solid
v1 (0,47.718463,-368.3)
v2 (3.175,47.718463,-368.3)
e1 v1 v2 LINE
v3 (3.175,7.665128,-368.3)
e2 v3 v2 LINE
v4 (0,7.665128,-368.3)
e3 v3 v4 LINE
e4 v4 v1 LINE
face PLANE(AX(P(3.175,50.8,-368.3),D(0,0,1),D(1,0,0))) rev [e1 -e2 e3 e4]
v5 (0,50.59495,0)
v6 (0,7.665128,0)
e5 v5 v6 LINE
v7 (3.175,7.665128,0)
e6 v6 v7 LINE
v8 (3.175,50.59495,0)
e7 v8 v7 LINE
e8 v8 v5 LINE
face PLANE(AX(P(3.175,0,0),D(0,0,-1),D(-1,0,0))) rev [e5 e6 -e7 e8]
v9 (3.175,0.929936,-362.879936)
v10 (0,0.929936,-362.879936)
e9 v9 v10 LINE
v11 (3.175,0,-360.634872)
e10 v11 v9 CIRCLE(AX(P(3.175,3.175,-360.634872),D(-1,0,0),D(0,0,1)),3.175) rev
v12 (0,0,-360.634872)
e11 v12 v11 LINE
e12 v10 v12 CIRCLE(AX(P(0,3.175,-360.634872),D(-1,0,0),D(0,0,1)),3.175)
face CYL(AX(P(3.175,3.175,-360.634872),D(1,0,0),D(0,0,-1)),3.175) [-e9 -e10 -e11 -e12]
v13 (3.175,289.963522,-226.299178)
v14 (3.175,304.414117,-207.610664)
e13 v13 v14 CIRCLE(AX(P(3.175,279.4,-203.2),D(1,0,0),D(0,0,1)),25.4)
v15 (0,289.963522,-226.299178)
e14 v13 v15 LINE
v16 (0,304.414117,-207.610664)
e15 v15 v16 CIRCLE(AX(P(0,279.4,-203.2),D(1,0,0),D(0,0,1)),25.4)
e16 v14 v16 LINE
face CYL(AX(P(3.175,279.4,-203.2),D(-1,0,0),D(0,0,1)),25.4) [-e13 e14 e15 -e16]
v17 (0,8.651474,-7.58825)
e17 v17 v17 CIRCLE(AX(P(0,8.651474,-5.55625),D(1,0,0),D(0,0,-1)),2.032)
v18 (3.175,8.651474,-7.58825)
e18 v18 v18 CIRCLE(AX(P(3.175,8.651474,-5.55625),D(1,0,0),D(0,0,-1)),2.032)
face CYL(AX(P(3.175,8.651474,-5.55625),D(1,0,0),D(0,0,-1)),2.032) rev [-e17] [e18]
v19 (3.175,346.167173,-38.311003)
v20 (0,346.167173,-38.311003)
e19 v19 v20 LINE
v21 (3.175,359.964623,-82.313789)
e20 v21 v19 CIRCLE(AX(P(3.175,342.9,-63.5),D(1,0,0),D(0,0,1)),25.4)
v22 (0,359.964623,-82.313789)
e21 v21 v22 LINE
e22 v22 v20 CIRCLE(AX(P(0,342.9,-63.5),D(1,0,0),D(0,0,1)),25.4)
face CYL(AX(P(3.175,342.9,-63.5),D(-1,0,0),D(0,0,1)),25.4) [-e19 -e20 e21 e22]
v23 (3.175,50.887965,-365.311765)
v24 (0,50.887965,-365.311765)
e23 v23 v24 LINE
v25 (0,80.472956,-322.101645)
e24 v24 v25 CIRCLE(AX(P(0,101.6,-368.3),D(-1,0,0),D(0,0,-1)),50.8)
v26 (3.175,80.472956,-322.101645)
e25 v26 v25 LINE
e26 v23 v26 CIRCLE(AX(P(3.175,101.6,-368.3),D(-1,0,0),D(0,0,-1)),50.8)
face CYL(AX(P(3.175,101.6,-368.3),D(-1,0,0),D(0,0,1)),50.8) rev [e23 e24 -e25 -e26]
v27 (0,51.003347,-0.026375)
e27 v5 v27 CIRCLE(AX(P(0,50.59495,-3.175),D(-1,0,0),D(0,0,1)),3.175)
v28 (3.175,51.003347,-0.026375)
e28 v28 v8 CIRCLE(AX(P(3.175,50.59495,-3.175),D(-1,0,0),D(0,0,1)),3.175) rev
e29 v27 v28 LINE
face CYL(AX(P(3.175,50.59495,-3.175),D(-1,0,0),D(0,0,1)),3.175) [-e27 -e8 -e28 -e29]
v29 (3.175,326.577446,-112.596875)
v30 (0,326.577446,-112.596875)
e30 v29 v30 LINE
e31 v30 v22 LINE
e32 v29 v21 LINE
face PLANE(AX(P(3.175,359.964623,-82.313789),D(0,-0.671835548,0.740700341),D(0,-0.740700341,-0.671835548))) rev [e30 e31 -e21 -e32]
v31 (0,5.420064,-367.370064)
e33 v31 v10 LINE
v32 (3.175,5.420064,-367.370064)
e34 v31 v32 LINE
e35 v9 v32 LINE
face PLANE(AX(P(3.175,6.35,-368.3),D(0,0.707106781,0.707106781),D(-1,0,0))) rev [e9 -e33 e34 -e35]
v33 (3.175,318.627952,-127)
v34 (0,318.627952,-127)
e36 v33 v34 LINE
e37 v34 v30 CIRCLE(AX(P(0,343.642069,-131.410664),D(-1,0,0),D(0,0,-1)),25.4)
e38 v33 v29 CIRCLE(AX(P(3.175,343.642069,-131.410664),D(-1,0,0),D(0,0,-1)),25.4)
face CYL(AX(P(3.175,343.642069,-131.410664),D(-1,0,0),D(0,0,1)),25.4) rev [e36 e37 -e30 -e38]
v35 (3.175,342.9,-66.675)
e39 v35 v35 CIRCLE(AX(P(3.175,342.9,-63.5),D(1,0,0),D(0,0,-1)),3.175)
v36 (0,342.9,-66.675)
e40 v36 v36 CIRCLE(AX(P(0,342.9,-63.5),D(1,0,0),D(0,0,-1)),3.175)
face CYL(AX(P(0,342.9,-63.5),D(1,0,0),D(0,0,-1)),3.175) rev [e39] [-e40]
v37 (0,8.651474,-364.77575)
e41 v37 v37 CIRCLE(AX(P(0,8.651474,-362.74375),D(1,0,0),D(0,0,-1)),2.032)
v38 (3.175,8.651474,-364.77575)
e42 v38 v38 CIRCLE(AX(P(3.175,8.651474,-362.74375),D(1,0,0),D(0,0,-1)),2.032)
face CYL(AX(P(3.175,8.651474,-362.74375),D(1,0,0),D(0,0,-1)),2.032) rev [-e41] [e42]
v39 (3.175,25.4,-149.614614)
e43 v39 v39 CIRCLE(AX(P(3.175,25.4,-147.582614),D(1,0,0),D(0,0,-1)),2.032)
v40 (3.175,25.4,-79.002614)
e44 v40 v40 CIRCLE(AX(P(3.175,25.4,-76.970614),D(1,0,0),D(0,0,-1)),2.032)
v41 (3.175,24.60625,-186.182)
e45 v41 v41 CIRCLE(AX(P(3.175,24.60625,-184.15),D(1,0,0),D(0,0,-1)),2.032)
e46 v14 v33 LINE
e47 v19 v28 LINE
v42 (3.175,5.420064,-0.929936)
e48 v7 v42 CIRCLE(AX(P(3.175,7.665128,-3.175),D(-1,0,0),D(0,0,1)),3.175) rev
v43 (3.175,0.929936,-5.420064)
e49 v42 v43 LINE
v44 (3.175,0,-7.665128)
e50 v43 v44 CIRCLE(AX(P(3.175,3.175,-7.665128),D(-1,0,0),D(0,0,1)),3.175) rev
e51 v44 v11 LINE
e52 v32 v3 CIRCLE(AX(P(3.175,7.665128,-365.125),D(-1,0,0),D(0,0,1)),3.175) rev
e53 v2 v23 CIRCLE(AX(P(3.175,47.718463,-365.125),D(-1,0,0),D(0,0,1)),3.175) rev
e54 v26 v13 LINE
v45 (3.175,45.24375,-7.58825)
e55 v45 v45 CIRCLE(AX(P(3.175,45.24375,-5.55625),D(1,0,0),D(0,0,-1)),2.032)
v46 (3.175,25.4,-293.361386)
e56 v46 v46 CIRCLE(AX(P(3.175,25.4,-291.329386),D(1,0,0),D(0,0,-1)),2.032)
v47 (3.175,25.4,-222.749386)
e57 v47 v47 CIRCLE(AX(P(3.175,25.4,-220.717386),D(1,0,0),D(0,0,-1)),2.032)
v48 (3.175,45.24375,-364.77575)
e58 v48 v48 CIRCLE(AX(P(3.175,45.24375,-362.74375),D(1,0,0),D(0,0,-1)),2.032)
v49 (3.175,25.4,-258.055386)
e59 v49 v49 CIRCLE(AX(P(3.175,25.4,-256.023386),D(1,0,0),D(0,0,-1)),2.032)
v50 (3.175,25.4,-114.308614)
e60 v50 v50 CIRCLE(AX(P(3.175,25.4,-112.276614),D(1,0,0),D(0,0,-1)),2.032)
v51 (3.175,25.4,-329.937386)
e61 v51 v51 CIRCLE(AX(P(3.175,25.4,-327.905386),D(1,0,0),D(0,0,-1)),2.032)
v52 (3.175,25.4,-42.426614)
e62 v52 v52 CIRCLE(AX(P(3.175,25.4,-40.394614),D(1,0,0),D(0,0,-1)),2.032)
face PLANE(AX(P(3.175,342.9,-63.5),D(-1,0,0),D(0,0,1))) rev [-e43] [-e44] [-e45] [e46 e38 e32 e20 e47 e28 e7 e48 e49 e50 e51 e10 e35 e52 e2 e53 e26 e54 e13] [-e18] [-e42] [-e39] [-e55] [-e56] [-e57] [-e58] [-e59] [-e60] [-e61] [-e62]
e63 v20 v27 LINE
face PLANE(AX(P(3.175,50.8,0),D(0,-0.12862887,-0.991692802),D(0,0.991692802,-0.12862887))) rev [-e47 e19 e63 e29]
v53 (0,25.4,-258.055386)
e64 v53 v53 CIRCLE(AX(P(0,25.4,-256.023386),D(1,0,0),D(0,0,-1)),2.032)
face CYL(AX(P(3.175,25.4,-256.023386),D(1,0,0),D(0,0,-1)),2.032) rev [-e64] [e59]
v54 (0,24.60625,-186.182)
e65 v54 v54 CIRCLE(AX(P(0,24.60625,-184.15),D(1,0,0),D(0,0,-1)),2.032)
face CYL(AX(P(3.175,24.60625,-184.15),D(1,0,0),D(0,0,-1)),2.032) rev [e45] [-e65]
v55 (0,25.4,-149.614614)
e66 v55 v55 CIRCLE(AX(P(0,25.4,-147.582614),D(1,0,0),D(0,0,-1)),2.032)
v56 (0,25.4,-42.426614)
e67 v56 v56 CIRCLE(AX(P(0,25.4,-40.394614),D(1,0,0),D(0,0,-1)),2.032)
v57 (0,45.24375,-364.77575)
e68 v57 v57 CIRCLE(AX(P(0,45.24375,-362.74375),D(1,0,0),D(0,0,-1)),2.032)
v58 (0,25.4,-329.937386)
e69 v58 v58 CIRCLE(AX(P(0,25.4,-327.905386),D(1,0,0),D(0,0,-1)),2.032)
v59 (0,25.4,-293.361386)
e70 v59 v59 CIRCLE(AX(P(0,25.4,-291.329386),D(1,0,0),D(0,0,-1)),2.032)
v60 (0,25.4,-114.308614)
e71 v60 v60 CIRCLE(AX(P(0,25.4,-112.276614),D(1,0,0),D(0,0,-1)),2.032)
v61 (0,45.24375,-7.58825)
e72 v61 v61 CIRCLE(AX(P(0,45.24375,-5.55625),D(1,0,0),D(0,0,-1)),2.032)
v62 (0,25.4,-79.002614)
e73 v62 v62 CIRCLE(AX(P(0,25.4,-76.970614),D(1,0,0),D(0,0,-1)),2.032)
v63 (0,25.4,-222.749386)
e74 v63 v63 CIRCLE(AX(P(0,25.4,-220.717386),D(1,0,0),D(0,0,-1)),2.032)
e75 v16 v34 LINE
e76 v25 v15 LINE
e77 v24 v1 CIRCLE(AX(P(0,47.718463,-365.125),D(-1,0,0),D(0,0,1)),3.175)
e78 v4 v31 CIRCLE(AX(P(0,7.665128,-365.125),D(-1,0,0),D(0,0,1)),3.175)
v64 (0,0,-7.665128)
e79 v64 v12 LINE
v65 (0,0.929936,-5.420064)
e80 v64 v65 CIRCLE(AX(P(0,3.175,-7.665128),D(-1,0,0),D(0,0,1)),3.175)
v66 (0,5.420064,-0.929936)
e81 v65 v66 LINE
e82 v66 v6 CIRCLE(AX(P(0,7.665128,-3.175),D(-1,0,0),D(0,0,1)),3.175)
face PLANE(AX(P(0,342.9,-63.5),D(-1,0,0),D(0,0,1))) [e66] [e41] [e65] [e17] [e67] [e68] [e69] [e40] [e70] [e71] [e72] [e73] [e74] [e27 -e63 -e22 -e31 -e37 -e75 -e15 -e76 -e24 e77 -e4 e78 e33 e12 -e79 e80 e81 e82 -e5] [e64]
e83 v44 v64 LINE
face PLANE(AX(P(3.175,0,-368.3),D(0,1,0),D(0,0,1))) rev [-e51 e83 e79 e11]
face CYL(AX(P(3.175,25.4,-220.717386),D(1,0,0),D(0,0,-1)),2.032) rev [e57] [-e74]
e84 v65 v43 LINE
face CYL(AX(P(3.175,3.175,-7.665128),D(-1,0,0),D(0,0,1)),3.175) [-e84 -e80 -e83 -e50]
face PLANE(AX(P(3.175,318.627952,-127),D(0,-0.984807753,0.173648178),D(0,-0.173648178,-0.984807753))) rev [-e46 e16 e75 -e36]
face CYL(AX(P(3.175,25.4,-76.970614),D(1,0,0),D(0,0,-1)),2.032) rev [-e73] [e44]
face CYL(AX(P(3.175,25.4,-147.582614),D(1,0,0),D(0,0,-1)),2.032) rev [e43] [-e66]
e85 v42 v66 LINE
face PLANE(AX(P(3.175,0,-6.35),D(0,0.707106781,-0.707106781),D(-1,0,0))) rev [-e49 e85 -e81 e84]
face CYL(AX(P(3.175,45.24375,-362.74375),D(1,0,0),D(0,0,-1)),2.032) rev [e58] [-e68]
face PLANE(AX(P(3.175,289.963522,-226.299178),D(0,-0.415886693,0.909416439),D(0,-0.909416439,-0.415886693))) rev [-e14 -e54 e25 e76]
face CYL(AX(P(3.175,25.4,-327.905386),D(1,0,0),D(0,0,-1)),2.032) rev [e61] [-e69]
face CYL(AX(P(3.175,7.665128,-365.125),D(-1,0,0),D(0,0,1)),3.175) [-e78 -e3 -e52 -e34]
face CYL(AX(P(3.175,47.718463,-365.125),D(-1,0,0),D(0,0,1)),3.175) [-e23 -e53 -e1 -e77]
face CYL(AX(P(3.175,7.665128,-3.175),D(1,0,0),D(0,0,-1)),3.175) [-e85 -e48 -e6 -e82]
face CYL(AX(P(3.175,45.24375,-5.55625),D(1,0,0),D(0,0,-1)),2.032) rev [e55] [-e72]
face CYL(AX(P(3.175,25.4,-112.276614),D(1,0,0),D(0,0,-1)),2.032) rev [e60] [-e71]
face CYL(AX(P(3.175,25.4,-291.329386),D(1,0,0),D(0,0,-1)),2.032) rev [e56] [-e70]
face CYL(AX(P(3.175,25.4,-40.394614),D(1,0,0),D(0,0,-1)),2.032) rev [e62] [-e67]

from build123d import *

# Parameters (mm, degrees)
PLATE_DEPTH                = 3.175
DRIVE_HOLES_D              = 4.064
SKETCH3_R                  = 3.175
TUBE_PIVOT_HOLES_DEPTH     = 521.864531932
BOTTOM_CORNER_CHAMFER_SIZE = 6.35
BOTTOM_CORNER_FILLET_R     = 3.175
CARBON_CAP_HOLES_D         = 4.064


with BuildPart() as part:
    # Sketch2 → Plate (new body)
    with BuildSketch(Plane(origin=(0, 0, 0), x_dir=(0, 0, -1), z_dir=(1, 0, 0))):
        with BuildLine():
            Line((0, 0), (0, 50.8))
            Line((0, 50.8), (38.311002826, 346.167173299))
            ThreePointArc((38.311002826, 346.167173299), (55.900445741, 367.136476127), (82.313788673, 359.96462293))
            Line((82.313788673, 359.96462293), (112.596875039, 326.577445868))
            ThreePointArc((112.596875039, 326.577445868), (119.137016705, 321.404317358), (127, 318.627951872))
            Line((127, 318.627951872), (207.610663713, 304.414116927))
            ThreePointArc((207.610663713, 304.414116927), (218.737141463, 299.493711333), (226.299177538, 289.963522))
            Line((226.299177538, 289.963522), (322.101644923, 80.472956))
            ThreePointArc((322.101644923, 80.472956), (340.846528773, 58.857200401), (368.3, 50.8))
            Line((368.3, 50.8), (368.3, 0))
            Line((368.3, 0), (0, 0))
        make_face()
    extrude(amount=PLATE_DEPTH)

    # Drive Holes (through all)
    with Locations(Plane(origin=(3.175, 0, 0), x_dir=(0, 0, -1), z_dir=(1, 0, 0))):
        with Locations((184.15, 24.60625), (220.717386247, 25.4), (256.023386247, 25.4), (291.329386247, 25.4), (327.905386247, 25.4), (147.582613753, 25.4), (112.276613753, 25.4), (76.970613753, 25.4), (40.394613753, 25.4)):
            Hole(DRIVE_HOLES_D / 2)

    # Sketch3 → Tube Pivot Holes (cut, through all)
    with BuildSketch(Plane(origin=(3.175, 0, 0), x_dir=(0, 0, -1), z_dir=(1, 0, 0))):
        with Locations((63.5, 342.9)):
            Circle(SKETCH3_R)
    extrude(amount=-TUBE_PIVOT_HOLES_DEPTH, mode=Mode.SUBTRACT)

    # Bottom Corner Chamfer
    bottom_corner_chamfer_edges = [part.edges().sort_by_distance(p)[0] for p in [
        (1.5875, 0, 0),
        (1.5875, 0, -368.3),
    ]]
    chamfer(bottom_corner_chamfer_edges, length=BOTTOM_CORNER_CHAMFER_SIZE)

    # Bottom Corner Fillet
    bottom_corner_fillet_edges = [part.edges().sort_by_distance(p)[0] for p in [
        (1.5875, 0, -6.35),
        (1.5875, 0, -361.95),
        (1.5875, 6.35, 0),
        (1.5875, 50.8, 0),
        (1.5875, 50.8, -368.3),
        (1.5875, 6.35, -368.3),
    ]]
    fillet(bottom_corner_fillet_edges, radius=BOTTOM_CORNER_FILLET_R)

    # Carbon Cap Holes (through all)
    with Locations(Plane(origin=(3.175, 0, 0), x_dir=(0, 0, -1), z_dir=(1, 0, 0))):
        with Locations((5.55625, 45.24375), (5.55625, 8.651474106), (362.74375, 45.24375), (362.74375, 8.651474106)):
            Hole(CARBON_CAP_HOLES_D / 2)


solid = part.part
